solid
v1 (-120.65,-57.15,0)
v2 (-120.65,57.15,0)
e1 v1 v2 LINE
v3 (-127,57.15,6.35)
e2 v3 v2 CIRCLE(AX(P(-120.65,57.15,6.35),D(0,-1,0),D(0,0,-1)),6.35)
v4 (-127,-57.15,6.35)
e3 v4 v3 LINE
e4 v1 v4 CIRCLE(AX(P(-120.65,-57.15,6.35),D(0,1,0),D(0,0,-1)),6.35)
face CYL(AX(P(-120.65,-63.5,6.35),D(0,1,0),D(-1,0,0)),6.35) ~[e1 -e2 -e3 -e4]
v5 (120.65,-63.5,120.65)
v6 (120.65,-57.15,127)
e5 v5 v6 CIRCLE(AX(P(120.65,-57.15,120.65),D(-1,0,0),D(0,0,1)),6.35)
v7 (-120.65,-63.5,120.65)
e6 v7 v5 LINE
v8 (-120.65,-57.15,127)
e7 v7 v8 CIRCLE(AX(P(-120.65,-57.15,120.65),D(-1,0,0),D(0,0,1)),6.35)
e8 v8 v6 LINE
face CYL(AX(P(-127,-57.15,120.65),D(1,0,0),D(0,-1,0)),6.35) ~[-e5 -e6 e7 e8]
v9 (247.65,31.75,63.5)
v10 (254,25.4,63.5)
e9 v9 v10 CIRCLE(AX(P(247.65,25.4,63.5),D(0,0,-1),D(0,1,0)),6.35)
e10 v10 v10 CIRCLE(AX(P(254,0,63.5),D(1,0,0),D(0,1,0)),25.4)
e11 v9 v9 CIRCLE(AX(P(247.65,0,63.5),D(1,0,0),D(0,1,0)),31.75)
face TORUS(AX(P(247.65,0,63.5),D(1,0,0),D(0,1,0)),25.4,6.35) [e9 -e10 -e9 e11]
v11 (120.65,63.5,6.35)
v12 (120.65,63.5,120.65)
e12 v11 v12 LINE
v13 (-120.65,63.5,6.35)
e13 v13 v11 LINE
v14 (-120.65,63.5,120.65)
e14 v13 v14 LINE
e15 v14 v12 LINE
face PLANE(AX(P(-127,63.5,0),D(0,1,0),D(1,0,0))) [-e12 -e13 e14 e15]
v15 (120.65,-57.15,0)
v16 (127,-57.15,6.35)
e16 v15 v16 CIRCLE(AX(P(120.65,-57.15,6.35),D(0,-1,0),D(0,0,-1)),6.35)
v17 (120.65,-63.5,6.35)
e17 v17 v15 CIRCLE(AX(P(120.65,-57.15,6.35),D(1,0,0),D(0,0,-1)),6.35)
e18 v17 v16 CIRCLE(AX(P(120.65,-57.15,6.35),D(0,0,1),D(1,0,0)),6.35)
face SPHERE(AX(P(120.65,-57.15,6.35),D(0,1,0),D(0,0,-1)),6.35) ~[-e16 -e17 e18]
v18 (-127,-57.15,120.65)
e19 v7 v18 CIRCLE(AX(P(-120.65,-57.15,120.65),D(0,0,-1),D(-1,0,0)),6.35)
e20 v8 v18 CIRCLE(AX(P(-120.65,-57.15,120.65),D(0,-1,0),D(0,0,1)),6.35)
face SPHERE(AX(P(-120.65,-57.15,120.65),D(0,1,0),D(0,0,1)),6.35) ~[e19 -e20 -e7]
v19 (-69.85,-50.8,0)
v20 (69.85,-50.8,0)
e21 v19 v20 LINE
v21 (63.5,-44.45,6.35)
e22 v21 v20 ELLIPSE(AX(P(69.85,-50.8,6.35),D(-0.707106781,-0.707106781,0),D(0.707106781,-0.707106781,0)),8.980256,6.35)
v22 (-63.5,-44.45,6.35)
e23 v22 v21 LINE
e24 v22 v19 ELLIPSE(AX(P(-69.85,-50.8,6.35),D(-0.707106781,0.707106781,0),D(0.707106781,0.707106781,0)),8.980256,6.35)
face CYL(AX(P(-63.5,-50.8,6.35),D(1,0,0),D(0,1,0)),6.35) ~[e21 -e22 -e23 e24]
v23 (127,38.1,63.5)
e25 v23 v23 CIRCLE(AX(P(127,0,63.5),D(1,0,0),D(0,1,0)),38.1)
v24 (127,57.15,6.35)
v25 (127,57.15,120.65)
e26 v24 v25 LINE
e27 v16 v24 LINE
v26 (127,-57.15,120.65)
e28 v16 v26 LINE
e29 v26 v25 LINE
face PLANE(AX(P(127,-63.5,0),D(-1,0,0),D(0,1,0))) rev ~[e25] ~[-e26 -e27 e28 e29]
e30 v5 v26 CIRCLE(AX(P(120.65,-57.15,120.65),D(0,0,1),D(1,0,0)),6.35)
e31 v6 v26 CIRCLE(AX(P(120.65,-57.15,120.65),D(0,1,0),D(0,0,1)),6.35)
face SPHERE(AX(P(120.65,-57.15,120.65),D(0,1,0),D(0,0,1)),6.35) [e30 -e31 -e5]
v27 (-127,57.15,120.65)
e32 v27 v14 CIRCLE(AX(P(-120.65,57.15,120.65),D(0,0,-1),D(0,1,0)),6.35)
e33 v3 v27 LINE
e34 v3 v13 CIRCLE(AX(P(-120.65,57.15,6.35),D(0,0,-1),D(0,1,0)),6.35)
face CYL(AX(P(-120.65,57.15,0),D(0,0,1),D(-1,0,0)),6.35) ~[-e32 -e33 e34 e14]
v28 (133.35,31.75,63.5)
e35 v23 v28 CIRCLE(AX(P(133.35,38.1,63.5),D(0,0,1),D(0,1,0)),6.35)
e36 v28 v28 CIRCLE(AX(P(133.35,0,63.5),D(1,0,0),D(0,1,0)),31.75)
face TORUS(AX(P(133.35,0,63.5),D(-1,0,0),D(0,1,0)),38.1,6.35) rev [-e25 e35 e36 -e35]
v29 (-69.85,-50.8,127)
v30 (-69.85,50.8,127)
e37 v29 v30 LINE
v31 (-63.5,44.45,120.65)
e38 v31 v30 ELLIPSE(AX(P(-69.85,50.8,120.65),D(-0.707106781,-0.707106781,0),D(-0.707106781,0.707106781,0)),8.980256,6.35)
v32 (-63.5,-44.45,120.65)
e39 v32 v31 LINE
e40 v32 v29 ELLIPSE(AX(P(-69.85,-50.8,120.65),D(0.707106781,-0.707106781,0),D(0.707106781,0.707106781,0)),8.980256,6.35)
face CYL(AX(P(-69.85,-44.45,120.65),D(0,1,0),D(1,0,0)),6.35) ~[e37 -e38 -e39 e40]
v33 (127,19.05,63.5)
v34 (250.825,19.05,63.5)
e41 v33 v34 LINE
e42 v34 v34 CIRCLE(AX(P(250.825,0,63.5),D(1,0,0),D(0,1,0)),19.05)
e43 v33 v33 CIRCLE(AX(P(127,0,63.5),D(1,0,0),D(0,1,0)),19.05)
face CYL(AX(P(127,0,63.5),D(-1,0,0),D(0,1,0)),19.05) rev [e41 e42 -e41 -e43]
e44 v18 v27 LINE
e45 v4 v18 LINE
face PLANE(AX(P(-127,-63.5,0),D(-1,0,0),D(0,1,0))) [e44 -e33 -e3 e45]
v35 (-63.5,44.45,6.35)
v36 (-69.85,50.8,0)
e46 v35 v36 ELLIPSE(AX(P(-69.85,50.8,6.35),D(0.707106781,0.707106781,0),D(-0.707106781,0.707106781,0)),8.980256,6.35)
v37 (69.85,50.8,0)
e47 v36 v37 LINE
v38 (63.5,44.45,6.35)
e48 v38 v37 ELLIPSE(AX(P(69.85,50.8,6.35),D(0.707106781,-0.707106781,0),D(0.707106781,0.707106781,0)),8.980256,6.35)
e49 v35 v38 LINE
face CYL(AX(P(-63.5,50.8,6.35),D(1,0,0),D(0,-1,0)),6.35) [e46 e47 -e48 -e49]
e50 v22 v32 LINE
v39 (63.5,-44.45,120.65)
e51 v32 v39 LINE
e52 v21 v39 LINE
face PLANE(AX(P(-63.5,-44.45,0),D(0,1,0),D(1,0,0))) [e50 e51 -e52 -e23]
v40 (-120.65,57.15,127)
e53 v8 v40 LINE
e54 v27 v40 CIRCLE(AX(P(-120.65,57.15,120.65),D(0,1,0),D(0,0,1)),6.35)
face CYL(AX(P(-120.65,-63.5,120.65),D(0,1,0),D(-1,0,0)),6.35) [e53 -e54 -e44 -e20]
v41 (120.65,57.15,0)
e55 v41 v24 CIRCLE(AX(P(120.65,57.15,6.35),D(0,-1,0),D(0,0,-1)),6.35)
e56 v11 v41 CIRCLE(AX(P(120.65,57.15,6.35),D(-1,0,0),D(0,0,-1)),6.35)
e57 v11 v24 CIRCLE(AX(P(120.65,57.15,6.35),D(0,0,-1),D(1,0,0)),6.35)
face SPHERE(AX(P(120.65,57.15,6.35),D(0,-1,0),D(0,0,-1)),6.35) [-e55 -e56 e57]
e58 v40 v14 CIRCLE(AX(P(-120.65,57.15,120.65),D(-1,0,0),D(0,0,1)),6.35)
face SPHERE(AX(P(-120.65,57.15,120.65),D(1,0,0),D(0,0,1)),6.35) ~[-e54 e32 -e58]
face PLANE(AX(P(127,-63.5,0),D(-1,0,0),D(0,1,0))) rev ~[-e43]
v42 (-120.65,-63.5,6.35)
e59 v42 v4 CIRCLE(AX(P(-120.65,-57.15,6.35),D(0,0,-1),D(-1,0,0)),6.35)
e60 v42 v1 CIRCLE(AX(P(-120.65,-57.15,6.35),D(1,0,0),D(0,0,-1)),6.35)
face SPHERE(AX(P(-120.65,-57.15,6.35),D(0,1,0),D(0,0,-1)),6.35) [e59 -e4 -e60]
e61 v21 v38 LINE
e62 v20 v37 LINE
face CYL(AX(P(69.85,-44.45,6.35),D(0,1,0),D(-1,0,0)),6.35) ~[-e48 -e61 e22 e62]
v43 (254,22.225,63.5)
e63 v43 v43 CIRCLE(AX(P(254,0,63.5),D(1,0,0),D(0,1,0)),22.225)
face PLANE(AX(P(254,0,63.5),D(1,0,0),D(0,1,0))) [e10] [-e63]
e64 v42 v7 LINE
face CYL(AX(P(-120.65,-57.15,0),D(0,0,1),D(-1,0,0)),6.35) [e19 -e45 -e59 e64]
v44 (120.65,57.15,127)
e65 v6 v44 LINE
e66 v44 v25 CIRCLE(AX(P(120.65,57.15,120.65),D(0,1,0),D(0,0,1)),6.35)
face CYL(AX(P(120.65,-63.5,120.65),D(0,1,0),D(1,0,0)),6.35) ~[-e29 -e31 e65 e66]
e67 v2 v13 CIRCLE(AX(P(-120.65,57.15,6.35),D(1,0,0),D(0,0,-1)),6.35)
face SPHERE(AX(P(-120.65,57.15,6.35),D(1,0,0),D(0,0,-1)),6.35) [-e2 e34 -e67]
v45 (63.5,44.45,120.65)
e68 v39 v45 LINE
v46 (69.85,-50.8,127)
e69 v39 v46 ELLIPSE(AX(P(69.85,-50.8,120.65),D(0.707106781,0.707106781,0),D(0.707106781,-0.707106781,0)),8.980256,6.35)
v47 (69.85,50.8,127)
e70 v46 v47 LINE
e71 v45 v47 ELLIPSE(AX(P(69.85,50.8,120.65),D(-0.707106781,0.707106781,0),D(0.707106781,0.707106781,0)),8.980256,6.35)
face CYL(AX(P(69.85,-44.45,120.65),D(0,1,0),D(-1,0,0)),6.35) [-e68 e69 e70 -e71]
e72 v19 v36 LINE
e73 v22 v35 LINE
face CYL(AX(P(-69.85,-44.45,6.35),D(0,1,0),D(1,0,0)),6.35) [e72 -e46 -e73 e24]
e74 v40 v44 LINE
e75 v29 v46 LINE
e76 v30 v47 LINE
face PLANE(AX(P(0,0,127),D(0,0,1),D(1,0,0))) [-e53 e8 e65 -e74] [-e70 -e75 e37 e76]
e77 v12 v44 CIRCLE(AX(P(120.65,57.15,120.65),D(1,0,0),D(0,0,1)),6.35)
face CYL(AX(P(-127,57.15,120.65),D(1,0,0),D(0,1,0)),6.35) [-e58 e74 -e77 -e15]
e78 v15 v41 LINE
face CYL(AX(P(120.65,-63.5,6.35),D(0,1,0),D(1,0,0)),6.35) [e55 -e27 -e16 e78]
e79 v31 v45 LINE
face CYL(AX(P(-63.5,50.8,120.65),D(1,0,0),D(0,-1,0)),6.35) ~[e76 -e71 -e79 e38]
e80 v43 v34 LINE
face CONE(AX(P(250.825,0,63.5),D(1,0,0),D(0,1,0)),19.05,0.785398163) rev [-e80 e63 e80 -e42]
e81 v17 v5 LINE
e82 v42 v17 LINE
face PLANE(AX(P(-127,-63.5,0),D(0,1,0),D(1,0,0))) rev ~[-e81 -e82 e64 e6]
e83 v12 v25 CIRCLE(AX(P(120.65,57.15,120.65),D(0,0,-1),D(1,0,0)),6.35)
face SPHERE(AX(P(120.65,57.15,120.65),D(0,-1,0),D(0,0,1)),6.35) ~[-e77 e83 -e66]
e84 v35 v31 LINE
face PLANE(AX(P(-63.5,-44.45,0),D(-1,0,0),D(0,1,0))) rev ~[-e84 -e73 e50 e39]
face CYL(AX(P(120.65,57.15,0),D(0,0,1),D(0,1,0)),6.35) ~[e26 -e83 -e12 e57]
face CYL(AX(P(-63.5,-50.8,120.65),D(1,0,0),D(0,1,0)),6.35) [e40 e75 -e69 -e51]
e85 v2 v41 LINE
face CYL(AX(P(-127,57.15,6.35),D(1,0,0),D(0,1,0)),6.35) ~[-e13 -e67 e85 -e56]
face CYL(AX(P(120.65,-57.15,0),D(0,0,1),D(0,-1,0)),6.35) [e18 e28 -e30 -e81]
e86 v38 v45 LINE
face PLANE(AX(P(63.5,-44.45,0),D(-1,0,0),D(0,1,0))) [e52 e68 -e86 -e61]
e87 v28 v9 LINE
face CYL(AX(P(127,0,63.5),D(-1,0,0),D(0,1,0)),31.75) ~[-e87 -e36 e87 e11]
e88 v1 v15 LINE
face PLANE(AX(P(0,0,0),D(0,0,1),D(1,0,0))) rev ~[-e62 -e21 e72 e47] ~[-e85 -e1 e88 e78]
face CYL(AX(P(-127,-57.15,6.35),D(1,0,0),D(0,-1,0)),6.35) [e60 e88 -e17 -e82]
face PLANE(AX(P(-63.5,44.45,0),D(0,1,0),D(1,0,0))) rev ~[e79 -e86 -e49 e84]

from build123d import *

# Parameters (mm, degrees)
F0_W     = 254
F0_H     = 127
F0_W_2   = 127
F0_H_2   = 88.9
F1_DEPTH = 127
F2_R     = 6.35
F3_R     = 31.75
F3_R_2   = 19.05
F4_DEPTH = 127
F5_R     = 6.35
F6_SIZE  = 3.175


with BuildPart() as f1:
    # F0 (on Top) → F1 (new body)
    with BuildSketch(Plane.XY):
        Rectangle(F0_W, F0_H)
        Rectangle(F0_W_2, F0_H_2, mode=Mode.SUBTRACT)
    extrude(amount=F1_DEPTH)

    # F2
    f2_edges = [f1.edges().sort_by_distance(p)[0] for p in [
        (127, 0, 127),
        (0, 63.5, 127),
        (-127, 0, 127),
        (0, -63.5, 127),
        (0, -44.45, 127),
        (-63.5, 0, 127),
        (0, 44.45, 127),
        (63.5, 0, 127),
        (127, 0, 0),
        (0, 63.5, 0),
        (-127, 0, 0),
        (0, -63.5, 0),
        (0, -44.45, 0),
        (-63.5, 0, 0),
        (0, 44.45, 0),
        (63.5, 0, 0),
        (-127, -63.5, 63.5),
        (127, -63.5, 63.5),
        (127, 63.5, 63.5),
        (-127, 63.5, 63.5),
    ]]
    fillet(f2_edges, radius=F2_R)

    # F3 (on face) → F4 (join)
    with BuildSketch(Plane.YZ.offset(127)):
        with Locations((0, 63.5)):
            Circle(F3_R)
        with Locations((0, 63.5)):
            Circle(F3_R_2, mode=Mode.SUBTRACT)
    extrude(amount=F4_DEPTH)

    # F5
    f5_edges = [f1.edges().sort_by_distance(p)[0] for p in [
        (127, -31.75, 63.5),
        (254, -31.75, 63.5),
    ]]
    fillet(f5_edges, radius=F5_R)

    # F6
    f6_edges = [f1.edges().sort_by_distance(p)[0] for p in [
        (254, -19.05, 63.5),
    ]]
    chamfer(f6_edges, length=F6_SIZE)


solid = f1.part
